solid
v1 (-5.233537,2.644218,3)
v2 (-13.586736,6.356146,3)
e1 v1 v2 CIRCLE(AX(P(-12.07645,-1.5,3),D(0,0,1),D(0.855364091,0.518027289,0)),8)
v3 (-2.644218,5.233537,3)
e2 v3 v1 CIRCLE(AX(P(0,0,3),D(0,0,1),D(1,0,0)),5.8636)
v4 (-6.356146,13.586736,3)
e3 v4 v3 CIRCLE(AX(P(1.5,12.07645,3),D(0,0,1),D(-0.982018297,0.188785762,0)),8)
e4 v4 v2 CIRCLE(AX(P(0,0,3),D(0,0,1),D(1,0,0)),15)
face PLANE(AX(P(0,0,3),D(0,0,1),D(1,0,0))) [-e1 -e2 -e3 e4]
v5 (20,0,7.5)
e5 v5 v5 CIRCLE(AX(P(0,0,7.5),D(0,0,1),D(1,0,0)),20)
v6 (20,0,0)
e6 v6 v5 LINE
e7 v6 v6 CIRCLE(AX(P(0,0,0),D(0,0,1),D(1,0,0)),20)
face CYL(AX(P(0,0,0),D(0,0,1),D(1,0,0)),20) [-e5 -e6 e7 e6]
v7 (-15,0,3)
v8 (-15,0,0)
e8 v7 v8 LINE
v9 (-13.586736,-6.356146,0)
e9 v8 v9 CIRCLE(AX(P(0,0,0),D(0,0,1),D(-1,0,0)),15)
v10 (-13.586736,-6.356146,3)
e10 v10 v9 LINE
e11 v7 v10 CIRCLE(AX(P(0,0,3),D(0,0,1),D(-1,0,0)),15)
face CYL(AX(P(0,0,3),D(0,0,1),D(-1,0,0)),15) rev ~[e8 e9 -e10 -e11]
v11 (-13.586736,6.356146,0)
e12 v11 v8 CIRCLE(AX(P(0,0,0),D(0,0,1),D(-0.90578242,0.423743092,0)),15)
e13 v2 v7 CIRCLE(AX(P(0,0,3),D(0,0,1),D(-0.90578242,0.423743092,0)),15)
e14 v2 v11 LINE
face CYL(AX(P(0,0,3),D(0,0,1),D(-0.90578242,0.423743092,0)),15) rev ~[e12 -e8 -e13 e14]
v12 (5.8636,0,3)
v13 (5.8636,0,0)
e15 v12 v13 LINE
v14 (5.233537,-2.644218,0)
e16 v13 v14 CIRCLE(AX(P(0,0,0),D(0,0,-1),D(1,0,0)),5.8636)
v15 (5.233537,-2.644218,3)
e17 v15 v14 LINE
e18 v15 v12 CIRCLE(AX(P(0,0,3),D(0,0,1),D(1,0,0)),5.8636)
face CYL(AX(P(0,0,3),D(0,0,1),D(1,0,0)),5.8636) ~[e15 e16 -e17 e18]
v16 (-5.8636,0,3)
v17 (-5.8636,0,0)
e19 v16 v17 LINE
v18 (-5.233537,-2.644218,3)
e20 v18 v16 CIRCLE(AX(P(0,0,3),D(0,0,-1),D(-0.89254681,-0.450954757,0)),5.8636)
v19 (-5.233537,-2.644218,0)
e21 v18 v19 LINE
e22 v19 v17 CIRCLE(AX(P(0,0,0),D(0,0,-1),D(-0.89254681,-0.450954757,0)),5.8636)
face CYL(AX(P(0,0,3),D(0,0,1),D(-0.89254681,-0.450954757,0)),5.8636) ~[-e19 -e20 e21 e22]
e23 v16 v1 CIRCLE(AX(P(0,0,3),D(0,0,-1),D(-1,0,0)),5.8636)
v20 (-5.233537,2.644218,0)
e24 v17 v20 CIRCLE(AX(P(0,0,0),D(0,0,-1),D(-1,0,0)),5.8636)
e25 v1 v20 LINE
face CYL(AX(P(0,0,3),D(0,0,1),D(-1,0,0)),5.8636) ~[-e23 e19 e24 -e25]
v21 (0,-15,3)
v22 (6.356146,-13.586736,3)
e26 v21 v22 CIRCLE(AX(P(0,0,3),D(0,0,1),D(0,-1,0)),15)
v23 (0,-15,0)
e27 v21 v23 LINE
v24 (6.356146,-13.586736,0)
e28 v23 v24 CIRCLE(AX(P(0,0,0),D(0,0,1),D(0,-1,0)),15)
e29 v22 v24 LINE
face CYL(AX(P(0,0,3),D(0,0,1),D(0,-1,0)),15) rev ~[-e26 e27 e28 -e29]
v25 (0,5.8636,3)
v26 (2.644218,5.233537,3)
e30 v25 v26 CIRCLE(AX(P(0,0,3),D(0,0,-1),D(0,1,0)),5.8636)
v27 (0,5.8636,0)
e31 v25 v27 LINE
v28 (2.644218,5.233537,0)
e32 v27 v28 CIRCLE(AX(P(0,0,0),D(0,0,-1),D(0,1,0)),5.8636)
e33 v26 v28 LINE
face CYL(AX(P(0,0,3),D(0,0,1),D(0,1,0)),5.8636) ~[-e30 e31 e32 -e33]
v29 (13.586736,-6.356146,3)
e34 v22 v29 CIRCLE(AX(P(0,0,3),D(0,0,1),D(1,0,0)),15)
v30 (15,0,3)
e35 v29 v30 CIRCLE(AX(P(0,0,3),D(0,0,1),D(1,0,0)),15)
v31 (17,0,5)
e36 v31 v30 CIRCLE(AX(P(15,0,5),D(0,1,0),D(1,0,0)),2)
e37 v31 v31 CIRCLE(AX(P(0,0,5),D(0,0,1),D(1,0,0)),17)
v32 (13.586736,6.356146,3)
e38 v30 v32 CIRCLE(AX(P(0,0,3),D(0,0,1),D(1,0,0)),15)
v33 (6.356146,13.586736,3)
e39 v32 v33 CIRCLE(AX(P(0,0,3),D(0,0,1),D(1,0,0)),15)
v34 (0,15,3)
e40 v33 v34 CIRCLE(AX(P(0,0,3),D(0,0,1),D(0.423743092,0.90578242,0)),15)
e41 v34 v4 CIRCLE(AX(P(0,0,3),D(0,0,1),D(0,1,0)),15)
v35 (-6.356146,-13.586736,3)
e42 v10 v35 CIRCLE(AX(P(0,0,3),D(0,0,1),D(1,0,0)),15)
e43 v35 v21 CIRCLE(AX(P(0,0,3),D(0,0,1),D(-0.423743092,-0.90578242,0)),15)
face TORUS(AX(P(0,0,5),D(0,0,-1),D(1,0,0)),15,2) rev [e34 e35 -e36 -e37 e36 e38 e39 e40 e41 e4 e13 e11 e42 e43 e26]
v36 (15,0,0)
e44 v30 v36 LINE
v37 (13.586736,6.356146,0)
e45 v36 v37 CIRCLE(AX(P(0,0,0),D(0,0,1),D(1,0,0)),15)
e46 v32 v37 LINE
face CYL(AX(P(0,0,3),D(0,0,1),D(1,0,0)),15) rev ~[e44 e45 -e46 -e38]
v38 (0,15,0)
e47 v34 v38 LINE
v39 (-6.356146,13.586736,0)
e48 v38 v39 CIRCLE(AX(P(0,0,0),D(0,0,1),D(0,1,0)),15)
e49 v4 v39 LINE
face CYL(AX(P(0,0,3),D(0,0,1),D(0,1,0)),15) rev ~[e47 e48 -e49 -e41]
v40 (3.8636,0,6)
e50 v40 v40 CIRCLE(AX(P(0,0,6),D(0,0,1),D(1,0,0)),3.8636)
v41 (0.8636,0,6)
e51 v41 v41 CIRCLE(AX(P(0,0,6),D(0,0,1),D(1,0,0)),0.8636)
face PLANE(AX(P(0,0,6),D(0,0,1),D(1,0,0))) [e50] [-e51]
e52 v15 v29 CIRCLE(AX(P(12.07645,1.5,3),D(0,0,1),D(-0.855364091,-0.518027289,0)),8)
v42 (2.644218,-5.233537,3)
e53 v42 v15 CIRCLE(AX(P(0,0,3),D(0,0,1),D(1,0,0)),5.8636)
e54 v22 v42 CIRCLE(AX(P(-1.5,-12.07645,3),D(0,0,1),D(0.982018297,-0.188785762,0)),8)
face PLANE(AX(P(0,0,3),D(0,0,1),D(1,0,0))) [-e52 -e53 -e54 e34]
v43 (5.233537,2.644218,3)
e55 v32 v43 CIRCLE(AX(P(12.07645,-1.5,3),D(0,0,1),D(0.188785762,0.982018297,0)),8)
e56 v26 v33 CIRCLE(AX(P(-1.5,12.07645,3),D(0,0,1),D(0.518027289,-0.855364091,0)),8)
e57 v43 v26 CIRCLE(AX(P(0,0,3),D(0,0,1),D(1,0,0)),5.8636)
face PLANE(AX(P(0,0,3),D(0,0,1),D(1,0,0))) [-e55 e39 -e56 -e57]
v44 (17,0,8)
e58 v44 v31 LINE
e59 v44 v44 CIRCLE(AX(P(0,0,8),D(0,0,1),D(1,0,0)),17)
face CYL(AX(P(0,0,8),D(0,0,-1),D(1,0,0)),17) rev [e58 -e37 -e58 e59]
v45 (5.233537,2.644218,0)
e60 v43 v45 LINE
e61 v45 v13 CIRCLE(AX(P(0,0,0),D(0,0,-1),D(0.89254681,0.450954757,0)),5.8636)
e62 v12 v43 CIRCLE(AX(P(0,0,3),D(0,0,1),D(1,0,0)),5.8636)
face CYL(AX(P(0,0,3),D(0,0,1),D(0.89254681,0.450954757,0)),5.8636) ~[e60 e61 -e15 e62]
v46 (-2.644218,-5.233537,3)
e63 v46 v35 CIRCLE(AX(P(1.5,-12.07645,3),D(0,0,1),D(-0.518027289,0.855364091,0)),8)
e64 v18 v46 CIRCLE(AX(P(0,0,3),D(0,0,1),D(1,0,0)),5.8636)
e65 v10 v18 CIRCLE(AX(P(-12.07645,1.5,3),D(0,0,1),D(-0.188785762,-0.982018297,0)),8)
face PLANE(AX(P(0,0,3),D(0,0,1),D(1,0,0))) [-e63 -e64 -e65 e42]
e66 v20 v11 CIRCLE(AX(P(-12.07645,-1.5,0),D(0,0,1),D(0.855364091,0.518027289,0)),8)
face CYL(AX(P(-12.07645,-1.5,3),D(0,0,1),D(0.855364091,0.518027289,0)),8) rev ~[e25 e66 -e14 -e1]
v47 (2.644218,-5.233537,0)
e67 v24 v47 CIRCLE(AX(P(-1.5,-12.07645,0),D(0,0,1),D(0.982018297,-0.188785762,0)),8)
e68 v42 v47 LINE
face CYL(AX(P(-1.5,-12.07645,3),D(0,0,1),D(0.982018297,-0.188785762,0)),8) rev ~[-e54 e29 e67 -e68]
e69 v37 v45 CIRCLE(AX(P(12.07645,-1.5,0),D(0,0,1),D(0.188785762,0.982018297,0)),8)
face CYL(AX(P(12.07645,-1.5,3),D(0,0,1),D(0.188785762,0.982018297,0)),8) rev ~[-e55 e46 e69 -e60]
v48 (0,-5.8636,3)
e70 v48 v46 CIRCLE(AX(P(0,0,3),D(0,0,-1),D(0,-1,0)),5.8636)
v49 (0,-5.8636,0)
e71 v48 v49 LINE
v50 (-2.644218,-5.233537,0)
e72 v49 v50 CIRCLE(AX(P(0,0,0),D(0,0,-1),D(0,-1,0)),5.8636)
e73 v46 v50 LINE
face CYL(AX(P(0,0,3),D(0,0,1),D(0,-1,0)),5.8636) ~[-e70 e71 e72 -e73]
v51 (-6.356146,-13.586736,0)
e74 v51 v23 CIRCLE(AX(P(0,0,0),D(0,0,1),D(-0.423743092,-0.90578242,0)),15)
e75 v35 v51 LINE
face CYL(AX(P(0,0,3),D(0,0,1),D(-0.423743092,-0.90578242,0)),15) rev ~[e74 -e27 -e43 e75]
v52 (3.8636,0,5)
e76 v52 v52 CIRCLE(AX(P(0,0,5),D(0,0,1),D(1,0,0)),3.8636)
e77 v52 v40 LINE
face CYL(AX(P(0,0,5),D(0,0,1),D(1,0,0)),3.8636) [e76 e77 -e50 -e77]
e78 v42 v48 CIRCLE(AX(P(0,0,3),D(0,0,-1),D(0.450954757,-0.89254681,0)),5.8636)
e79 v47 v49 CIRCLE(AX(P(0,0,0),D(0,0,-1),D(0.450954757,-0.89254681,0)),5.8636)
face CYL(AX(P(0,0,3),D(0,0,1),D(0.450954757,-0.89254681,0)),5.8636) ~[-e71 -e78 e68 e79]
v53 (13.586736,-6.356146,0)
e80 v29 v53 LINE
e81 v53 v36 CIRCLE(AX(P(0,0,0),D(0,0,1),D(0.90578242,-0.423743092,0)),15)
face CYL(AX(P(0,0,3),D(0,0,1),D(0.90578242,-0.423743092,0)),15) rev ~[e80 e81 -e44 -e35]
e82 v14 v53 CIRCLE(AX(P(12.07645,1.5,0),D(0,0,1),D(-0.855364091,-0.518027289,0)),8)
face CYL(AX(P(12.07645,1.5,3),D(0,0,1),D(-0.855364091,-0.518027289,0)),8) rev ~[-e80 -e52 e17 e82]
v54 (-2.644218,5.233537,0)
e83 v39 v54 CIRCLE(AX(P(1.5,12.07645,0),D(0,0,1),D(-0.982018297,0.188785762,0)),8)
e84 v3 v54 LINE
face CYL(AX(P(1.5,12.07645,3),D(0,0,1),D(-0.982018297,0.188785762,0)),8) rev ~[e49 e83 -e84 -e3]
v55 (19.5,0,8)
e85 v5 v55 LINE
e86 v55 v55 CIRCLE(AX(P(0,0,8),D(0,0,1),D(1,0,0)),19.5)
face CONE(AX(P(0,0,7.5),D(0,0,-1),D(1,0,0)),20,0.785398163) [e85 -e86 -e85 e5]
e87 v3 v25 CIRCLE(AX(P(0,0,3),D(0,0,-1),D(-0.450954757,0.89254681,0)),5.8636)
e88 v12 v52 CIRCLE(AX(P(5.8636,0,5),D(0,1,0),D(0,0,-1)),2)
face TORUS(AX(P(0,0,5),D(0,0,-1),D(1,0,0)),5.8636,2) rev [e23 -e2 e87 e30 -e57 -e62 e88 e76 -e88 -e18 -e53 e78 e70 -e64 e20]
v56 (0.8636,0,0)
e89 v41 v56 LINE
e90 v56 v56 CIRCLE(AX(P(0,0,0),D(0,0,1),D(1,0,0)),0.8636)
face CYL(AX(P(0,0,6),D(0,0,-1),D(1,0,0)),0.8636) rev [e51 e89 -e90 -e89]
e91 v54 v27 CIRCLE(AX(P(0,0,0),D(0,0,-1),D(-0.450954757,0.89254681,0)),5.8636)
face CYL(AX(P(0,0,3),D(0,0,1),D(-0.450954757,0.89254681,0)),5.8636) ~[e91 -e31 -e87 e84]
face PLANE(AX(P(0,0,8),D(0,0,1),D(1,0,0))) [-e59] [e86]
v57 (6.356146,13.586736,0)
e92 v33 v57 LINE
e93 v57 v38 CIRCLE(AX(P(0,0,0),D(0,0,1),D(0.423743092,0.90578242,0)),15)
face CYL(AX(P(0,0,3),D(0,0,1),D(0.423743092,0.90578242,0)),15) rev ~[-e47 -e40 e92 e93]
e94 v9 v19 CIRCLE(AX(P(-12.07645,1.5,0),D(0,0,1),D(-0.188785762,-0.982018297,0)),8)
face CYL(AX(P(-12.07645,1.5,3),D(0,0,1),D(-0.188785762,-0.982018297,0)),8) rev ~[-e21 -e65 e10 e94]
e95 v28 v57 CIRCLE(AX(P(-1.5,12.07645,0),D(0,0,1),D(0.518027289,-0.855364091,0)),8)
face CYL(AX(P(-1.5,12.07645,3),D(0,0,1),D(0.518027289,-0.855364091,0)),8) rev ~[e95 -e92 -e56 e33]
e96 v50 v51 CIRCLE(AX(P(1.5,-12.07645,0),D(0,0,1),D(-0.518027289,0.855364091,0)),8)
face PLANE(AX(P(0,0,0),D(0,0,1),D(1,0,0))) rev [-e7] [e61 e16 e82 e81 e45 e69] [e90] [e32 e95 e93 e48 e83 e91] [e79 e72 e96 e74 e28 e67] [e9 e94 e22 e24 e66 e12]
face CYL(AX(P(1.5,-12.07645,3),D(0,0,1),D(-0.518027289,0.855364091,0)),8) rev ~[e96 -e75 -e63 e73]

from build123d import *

# Parameters (mm, degrees)
F2_SIZE  = 0.5
F4_DEPTH = 3


with BuildPart() as f1:
    # F0 (on Front) → F1 (revolve)
    with BuildSketch(Plane.XZ):
        with BuildLine():
            Line((0.8636, 6), (0.8636, 0))
            Line((0.8636, 0), (20, 0))
            Line((20, 0), (20, 8))
            Line((20, 8), (17, 8))
            Line((17, 8), (17, 5))
            ThreePointArc((17, 5), (16.4142135624, 3.5857864376), (15, 3))
            Line((15, 3), (5.8636, 3))
            ThreePointArc((5.8636, 3), (4.4493864376, 3.5857864376), (3.8636, 5))
            Line((3.8636, 5), (3.8636, 6))
            Line((3.8636, 6), (0.8636, 6))
        make_face()
    revolve(axis=Axis((0, 0, 9.2181318827), (0, 0, 1)))

    # F2
    f2_edges = [f1.edges().sort_by_distance(p)[0] for p in [
        (-20, 0, 8),
    ]]
    chamfer(f2_edges, length=F2_SIZE)

    # F3 (on face) → F4 (cut, through all)
    with BuildSketch(Plane.XY.offset(3)):
        with BuildLine():
            ThreePointArc((13.5867362981, 6.3561463771), (8.8277844457, 5.8106888065), (5.2335374725, 2.6442183124))
            ThreePointArc((5.2335374725, 2.6442183124), (5.7039098557, 1.3591237317), (5.8636, 0))
            ThreePointArc((5.8636, 0), (5.7039098557, -1.3591237317), (5.2335374725, -2.6442183124))
            ThreePointArc((5.2335374725, -2.6442183124), (8.8277844457, -5.8106888065), (13.5867362981, -6.3561463771))
            ThreePointArc((13.5867362981, -6.3561463771), (14.6424220071, -3.2556839166), (15, 0))
            ThreePointArc((15, 0), (14.6424220071, 3.2556839166), (13.5867362981, 6.3561463771))
        make_face()
        with BuildLine():
            ThreePointArc((0, 15), (-3.2556839166, 14.6424220071), (-6.3561463771, 13.5867362981))
            ThreePointArc((-6.3561463771, 13.5867362981), (-5.8106888065, 8.8277844457), (-2.6442183124, 5.2335374725))
            ThreePointArc((-2.6442183124, 5.2335374725), (-1.3591237317, 5.7039098557), (0, 5.8636))
            ThreePointArc((0, 5.8636), (1.3591237317, 5.7039098557), (2.6442183124, 5.2335374725))
            ThreePointArc((2.6442183124, 5.2335374725), (5.8106888065, 8.8277844457), (6.3561463771, 13.5867362981))
            ThreePointArc((6.3561463771, 13.5867362981), (3.2556839166, 14.6424220071), (0, 15))
        make_face()
        with BuildLine():
            ThreePointArc((-15, 0), (-14.6424220071, -3.2556839166), (-13.5867362981, -6.3561463771))
            ThreePointArc((-13.5867362981, -6.3561463771), (-8.8277844457, -5.8106888065), (-5.2335374725, -2.6442183124))
            ThreePointArc((-5.2335374725, -2.6442183124), (-5.7039098557, -1.3591237317), (-5.8636, 0))
            ThreePointArc((-5.8636, 0), (-5.7039098557, 1.3591237317), (-5.2335374725, 2.6442183124))
            ThreePointArc((-5.2335374725, 2.6442183124), (-8.8277844457, 5.8106888065), (-13.5867362981, 6.3561463771))
            ThreePointArc((-13.5867362981, 6.3561463771), (-14.6424220071, 3.2556839166), (-15, 0))
        make_face()
        with BuildLine():
            ThreePointArc((0, -15), (3.2556839166, -14.6424220071), (6.3561463771, -13.5867362981))
            ThreePointArc((6.3561463771, -13.5867362981), (5.8106888065, -8.8277844457), (2.6442183124, -5.2335374725))
            ThreePointArc((2.6442183124, -5.2335374725), (1.3591237317, -5.7039098557), (0, -5.8636))
            ThreePointArc((0, -5.8636), (-1.3591237317, -5.7039098557), (-2.6442183124, -5.2335374725))
            ThreePointArc((-2.6442183124, -5.2335374725), (-5.8106888065, -8.8277844457), (-6.3561463771, -13.5867362981))
            ThreePointArc((-6.3561463771, -13.5867362981), (-3.2556839166, -14.6424220071), (0, -15))
        make_face()
    extrude(amount=-F4_DEPTH, mode=Mode.SUBTRACT)


solid = f1.part
